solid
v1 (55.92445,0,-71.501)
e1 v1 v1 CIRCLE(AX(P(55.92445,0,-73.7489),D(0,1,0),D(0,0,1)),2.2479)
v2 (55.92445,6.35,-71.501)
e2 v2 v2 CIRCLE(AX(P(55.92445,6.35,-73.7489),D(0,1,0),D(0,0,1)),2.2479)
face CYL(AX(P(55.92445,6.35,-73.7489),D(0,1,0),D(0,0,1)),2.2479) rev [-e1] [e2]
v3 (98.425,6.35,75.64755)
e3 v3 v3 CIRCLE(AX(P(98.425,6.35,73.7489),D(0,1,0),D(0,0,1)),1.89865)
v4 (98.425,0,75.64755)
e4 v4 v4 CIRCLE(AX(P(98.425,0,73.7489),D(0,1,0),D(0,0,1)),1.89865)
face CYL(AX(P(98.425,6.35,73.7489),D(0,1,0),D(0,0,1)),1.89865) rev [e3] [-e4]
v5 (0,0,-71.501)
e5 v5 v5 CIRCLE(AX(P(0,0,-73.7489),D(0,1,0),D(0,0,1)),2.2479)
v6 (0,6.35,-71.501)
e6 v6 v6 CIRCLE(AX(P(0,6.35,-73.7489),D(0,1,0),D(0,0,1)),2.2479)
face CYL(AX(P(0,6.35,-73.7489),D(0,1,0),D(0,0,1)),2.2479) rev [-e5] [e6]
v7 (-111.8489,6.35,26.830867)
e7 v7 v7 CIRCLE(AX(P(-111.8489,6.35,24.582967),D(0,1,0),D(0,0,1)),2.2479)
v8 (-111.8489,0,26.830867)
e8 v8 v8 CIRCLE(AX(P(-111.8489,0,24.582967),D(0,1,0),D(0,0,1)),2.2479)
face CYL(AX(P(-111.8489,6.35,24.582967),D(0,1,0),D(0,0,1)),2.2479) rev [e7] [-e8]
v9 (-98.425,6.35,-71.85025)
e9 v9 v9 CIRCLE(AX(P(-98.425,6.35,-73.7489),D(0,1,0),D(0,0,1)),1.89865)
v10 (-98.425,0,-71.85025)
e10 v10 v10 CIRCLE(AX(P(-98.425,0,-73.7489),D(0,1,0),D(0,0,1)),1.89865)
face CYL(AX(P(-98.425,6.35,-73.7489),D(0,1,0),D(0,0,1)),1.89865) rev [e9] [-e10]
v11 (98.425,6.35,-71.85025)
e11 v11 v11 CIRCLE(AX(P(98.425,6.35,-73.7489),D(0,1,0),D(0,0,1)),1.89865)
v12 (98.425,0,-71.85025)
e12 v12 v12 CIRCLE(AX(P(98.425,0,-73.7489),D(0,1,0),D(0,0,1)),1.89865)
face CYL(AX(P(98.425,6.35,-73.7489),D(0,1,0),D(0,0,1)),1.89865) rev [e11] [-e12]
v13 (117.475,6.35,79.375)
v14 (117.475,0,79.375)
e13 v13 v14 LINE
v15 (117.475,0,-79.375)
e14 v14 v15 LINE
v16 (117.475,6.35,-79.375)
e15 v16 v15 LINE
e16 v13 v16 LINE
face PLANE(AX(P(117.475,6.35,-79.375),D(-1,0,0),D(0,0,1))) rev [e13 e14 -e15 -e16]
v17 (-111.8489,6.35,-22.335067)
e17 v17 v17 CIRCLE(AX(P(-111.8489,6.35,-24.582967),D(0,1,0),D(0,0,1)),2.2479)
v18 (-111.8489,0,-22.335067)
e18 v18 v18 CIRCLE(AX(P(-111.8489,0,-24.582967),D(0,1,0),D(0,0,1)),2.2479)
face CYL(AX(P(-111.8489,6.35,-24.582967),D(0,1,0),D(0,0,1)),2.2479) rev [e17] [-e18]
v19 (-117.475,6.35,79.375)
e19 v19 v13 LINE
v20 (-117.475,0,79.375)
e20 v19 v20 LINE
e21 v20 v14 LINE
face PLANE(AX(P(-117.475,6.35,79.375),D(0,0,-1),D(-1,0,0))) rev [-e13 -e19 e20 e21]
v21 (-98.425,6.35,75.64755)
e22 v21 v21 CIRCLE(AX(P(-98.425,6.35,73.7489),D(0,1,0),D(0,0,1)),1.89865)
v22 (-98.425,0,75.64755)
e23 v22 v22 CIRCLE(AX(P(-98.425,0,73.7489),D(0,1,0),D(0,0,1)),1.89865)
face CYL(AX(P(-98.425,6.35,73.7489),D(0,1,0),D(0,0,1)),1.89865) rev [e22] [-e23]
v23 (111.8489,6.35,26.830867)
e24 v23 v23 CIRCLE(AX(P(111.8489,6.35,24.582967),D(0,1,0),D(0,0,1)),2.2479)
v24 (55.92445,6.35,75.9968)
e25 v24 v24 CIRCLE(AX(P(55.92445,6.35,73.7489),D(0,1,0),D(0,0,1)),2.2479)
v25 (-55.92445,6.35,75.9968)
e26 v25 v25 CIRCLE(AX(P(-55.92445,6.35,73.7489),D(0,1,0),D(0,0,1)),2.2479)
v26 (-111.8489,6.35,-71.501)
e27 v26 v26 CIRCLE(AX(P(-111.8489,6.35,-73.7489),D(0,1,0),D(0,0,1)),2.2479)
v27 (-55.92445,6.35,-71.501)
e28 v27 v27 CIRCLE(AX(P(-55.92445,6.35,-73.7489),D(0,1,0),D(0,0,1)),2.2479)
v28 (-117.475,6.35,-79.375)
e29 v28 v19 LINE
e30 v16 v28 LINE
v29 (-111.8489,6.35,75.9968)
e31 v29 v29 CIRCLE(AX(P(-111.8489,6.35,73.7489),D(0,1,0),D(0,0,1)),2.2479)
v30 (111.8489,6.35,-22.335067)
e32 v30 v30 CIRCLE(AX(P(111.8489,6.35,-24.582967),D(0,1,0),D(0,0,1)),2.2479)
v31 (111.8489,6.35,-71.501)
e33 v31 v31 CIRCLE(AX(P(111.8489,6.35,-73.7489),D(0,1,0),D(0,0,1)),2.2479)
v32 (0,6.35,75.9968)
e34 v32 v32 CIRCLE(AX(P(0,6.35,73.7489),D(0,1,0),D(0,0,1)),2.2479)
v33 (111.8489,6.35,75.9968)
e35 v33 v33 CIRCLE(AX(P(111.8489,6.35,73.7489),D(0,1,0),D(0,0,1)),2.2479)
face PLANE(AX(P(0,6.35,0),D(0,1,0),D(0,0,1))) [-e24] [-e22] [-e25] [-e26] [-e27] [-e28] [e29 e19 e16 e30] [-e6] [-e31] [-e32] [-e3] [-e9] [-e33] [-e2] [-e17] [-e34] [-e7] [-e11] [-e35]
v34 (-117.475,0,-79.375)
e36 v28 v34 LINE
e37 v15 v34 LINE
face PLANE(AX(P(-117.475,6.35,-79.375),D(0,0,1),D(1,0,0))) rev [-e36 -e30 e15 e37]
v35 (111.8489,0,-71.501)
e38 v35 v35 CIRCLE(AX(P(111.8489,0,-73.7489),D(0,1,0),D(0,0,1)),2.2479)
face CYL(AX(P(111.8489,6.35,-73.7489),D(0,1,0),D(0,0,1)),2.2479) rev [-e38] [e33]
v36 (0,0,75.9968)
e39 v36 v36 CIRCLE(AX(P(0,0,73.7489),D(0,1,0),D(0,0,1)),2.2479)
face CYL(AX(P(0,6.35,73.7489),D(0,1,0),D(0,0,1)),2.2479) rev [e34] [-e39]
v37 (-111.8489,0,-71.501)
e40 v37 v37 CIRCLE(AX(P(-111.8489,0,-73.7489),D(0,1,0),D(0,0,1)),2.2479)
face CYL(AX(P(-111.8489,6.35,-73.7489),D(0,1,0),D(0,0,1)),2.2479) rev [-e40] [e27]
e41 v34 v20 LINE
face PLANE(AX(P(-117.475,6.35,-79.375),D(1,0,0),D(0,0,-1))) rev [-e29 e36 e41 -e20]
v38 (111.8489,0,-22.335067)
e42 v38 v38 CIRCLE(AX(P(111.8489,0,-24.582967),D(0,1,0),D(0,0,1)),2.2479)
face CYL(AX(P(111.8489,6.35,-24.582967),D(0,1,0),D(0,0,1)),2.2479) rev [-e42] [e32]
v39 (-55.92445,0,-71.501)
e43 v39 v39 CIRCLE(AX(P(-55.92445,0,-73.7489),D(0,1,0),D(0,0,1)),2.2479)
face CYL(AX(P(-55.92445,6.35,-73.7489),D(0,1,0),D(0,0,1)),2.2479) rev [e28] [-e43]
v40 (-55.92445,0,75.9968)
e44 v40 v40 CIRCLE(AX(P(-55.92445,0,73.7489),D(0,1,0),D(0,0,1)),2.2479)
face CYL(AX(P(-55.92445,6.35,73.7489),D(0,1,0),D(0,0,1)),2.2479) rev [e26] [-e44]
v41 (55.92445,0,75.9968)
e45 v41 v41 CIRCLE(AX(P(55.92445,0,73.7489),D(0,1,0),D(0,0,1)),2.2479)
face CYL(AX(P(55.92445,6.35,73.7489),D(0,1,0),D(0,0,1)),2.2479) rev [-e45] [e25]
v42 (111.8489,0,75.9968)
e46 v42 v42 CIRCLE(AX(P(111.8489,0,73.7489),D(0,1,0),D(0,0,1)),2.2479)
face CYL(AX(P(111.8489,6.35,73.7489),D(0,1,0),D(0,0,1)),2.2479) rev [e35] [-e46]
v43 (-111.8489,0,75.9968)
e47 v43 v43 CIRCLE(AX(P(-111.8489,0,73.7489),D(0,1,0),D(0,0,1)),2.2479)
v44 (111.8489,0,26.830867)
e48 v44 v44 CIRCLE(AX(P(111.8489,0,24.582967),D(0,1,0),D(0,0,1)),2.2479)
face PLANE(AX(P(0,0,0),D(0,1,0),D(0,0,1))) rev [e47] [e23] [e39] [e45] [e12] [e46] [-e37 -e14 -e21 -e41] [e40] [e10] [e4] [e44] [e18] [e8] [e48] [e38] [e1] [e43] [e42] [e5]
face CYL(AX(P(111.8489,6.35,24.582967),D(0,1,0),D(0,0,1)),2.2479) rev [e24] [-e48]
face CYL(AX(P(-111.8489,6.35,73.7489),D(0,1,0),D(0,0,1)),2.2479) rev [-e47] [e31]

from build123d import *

# Parameters (mm, degrees)
SKETCH1_W             = 234.95
SKETCH1_H             = 158.75
BOSS_EXTRUDE1_DEPTH   = 6.35
F_8_CLEARANCE_HOLE1_D = 4.4958
F_6_CLEARANCE_HOLE1_D = 3.7973


with BuildPart() as part:
    # Sketch1 → Boss-Extrude1 (new body)
    with BuildSketch(Plane(origin=(0, 0, 0), x_dir=(1, 0, 0), z_dir=(0, 1, 0))):
        Rectangle(SKETCH1_W, SKETCH1_H)
    extrude(amount=BOSS_EXTRUDE1_DEPTH)

    # #8 Clearance Hole1 (through all)
    with Locations(Plane(origin=(0, 6.35, 0), x_dir=(1, 0, 0), z_dir=(0, 1, 0))):
        with Locations((0, 73.7489), (-55.92445, 73.7489), (-111.8489, 73.7489), (-111.8489, 24.582966667), (-111.8489, -24.582966667), (-111.8489, -73.7489), (111.8489, -73.7489), (111.8489, -24.582966667), (111.8489, 24.582966667), (55.92445, 73.7489), (111.8489, 73.7489), (55.92445, -73.7489), (0, -73.7489), (-55.92445, -73.7489)):
            Hole(F_8_CLEARANCE_HOLE1_D / 2)

    # #6 Clearance Hole1 (through all)
    with Locations(Plane(origin=(0, 6.35, 0), x_dir=(1, 0, 0), z_dir=(0, 1, 0))):
        with Locations((-98.425, 73.7489), (-98.425, -73.7489), (98.425, 73.7489), (98.425, -73.7489)):
            Hole(F_6_CLEARANCE_HOLE1_D / 2)


solid = part.part
